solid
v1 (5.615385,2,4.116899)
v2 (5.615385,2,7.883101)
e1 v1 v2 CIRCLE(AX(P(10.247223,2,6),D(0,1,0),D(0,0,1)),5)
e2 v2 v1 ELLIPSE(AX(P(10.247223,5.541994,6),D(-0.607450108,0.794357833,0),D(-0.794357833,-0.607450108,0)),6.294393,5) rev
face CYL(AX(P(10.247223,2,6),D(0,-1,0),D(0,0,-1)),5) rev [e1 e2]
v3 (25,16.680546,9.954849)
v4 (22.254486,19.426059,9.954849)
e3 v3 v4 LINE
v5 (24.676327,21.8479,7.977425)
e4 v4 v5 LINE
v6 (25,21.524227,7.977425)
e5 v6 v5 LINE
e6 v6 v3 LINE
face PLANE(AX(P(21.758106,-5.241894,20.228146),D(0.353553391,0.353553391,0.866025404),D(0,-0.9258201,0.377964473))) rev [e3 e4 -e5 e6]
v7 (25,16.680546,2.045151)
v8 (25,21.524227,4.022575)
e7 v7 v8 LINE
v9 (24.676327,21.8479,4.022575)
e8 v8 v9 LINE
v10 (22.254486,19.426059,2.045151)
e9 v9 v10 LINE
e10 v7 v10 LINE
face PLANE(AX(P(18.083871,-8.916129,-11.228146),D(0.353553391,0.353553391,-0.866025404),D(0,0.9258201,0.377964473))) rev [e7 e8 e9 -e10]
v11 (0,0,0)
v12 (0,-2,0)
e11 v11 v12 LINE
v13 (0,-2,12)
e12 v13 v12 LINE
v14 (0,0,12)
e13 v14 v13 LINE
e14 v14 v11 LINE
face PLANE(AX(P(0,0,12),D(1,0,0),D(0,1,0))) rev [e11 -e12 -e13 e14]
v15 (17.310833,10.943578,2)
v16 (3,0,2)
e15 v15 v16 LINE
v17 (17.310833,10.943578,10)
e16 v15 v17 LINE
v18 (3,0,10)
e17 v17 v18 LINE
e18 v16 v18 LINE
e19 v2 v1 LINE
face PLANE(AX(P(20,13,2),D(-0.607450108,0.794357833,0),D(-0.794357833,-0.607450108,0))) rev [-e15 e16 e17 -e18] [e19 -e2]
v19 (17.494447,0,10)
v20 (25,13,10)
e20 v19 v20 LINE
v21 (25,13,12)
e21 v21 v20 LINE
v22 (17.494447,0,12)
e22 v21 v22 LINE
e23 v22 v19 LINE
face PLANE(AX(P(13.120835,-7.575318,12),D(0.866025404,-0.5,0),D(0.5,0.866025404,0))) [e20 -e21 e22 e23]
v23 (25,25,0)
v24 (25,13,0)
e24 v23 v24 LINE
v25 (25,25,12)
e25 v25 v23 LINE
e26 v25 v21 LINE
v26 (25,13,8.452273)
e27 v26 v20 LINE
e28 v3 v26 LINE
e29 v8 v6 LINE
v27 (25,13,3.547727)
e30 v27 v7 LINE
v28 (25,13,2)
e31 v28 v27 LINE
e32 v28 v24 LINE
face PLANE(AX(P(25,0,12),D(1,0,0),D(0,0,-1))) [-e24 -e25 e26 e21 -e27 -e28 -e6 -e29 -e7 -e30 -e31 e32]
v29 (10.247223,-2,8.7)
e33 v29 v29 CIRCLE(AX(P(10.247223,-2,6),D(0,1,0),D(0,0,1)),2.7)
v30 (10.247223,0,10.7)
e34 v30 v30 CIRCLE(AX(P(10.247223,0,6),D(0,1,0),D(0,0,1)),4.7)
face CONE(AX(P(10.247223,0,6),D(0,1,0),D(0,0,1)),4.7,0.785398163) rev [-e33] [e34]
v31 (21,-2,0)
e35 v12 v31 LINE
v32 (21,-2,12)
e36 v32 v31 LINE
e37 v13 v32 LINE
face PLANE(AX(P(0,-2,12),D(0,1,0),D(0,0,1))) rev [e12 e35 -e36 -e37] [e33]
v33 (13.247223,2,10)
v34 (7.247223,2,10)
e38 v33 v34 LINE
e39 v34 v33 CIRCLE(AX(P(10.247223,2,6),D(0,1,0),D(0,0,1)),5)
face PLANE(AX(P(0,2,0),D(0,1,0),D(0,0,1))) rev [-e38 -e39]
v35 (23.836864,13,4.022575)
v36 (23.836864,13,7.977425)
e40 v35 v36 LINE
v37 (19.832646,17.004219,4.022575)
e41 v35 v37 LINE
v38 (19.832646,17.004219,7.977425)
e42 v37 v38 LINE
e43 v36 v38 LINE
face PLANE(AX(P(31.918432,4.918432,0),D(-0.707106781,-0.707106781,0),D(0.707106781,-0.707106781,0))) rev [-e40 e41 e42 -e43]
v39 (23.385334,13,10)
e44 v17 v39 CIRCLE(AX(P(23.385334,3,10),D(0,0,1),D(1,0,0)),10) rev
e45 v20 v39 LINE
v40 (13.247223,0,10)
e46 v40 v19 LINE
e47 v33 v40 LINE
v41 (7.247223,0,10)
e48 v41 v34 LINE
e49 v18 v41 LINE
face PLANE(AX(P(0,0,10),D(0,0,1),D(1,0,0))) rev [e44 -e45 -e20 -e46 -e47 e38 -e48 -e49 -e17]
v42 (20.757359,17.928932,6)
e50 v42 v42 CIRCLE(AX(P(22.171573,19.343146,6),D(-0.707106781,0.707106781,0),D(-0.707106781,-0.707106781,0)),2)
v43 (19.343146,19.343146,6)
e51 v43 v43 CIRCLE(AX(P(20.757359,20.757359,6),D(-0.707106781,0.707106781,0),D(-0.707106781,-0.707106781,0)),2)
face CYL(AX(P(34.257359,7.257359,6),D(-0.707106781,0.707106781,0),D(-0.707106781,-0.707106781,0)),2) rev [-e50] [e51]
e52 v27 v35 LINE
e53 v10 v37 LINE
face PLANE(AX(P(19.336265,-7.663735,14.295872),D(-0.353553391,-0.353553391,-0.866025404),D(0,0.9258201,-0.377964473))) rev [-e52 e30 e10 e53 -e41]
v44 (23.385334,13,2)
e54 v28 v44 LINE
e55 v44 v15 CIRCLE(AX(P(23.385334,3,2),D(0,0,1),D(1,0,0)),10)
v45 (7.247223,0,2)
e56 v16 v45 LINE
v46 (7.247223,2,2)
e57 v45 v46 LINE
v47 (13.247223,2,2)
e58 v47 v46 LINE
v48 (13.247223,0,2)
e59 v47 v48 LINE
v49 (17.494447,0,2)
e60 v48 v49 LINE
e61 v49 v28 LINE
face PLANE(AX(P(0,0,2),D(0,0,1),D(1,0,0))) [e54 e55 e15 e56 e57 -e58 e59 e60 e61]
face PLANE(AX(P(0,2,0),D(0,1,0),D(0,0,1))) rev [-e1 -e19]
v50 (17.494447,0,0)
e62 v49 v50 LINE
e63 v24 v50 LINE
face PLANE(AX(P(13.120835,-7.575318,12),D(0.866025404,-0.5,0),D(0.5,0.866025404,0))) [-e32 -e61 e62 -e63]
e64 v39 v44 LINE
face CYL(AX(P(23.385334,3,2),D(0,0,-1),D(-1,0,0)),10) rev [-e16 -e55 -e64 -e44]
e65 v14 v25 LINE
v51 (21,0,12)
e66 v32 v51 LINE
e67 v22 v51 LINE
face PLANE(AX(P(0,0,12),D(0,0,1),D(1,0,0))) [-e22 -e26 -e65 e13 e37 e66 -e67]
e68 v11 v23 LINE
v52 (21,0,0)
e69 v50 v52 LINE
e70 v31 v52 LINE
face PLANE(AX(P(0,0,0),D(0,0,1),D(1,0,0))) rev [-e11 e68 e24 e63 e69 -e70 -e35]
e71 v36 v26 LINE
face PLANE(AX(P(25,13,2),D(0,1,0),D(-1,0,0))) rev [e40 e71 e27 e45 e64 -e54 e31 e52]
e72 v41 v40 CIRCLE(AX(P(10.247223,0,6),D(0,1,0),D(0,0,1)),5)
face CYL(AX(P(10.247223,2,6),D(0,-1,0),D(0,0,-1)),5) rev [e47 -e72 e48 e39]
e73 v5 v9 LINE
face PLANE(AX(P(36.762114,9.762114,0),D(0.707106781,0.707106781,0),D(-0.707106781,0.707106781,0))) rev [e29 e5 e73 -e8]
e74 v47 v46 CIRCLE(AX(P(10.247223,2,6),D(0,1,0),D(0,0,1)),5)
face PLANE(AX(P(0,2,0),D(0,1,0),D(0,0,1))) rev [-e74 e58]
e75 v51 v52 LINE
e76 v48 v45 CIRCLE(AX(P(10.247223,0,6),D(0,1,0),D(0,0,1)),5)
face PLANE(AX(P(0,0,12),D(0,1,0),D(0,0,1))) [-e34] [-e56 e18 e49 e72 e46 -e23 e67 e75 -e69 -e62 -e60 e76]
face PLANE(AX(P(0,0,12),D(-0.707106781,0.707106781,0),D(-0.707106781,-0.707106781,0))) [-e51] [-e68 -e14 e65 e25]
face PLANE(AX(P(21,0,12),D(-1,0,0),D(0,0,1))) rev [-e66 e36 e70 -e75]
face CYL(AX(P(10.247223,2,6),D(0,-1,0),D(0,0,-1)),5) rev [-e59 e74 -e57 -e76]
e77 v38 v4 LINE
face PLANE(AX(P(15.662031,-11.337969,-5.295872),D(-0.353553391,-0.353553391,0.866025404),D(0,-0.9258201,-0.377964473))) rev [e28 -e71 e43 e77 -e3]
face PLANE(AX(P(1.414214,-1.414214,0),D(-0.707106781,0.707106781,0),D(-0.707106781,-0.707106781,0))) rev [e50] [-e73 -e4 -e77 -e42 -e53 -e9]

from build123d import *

# Parameters (mm, degrees)
SKETCH3_W           = 21
SKETCH3_H           = 2
BOSS_EXTRUDE1_DEPTH = 12
CUT_EXTRUDE1_START  = -2
CUT_EXTRUDE1_DEPTH  = 8
CUT_EXTRUDE8_START  = -2
CUT_EXTRUDE8_DEPTH  = 36.336309405
CUT_EXTRUDE9_DEPTH  = 38.336309405
CUT_EXTRUDE11_DEPTH = 2
FILLET1_R           = 10


with BuildPart() as part:
    # Sketch3 → Boss-Extrude1 (new body)
    with BuildSketch(Plane.XY):
        with Locations((10.5, -1)):
            Rectangle(SKETCH3_W, SKETCH3_H)
        Polygon((13, 13), (0, 0), (17.494446501, 0), (25, 13), align=None)
        Polygon((25, 25), (13, 13), (25, 13), align=None)
    extrude(amount=BOSS_EXTRUDE1_DEPTH)

    # Sketch4 → Cut-Extrude1 (cut)
    with BuildSketch(Plane.XY.offset(12).offset(CUT_EXTRUDE1_START)):
        Polygon((25, 13), (20, 13), (3, 0), (17.494446501, 0), align=None)
    extrude(amount=-CUT_EXTRUDE1_DEPTH, mode=Mode.SUBTRACT)

    # Sketch7 → Cut-Extrude8 (cut, through all)
    with BuildSketch(Plane(origin=(0, 0, 0), x_dir=(0, 0, 1), z_dir=(-0.7071067811865485, 0.7071067811865466, 0)).offset(CUT_EXTRUDE8_START)):
        Polygon((6, 26.047596513), (6, 32.897596513), (4.022575328, 32.897596513), (2.045150656, 29.472596513), (4.022575328, 26.047596513), align=None)
        Polygon((7.977424672, 32.897596513), (6, 32.897596513), (6, 26.047596513), (7.977424672, 26.047596513), (9.954849344, 29.472596513), align=None)
    extrude(amount=-CUT_EXTRUDE8_DEPTH, mode=Mode.SUBTRACT)

    # Sketch8 → Cut-Extrude9 (cut, through all)
    with BuildSketch(Plane(origin=(0, 0, 0), x_dir=(0, 0, 1), z_dir=(-0.7071067811865485, 0.7071067811865466, 0))):
        with BuildLine():
            ThreePointArc((8, 29.355339059), (7.414213562, 30.769552622), (6, 31.355339059))
            Line((6, 31.355339059), (6, 27.355339059))
            ThreePointArc((6, 27.355339059), (7.414213562, 27.941125497), (8, 29.355339059))
        make_face()
        with BuildLine():
            Line((6, 27.355339059), (6, 31.355339059))
            ThreePointArc((6, 31.355339059), (4, 29.355339059), (6, 27.355339059))
        make_face()
    extrude(amount=-CUT_EXTRUDE9_DEPTH, mode=Mode.SUBTRACT)

    # Sketch9 → Cut-Extrude11 (cut)
    with BuildSketch(Plane(origin=(0, 0, 0), x_dir=(1, 0, 0), z_dir=(0, 1, 0))):
        with BuildLine():
            ThreePointArc((7.24722325, -2), (5.358620419, -4.950446591), (5.869726291, -8.416096101))
            Line((5.869726291, -8.416096101), (8.496224466, -6.96643844))
            ThreePointArc((8.496224466, -6.96643844), (9.28078481, -4.249001216), (11.998222034, -5.03356156))
            Line((11.998222034, -5.03356156), (14.62472021, -3.583903899))
            ThreePointArc((14.62472021, -3.583903899), (14.020027676, -2.718849781), (13.24722325, -2))
            Line((13.24722325, -2), (7.24722325, -2))
        make_face()
        with BuildLine():
            Line((8.496224466, -6.96643844), (5.869726291, -8.416096101))
            ThreePointArc((5.869726291, -8.416096101), (6.474418824, -9.281150219), (7.24722325, -10))
            Line((7.24722325, -10), (13.24722325, -10))
            ThreePointArc((13.24722325, -10), (14.719359205, -8.236067977), (15.24722325, -6))
            ThreePointArc((15.24722325, -6), (15.089097102, -4.752499458), (14.62472021, -3.583903899))
            Line((14.62472021, -3.583903899), (11.998222034, -5.03356156))
            ThreePointArc((11.998222034, -5.03356156), (12.183972791, -5.500999783), (12.24722325, -6))
            ThreePointArc((12.24722325, -6), (10.746223467, -7.936749541), (8.496224466, -6.96643844))
        make_face()
        with BuildLine():
            ThreePointArc((11.998222034, -5.03356156), (9.28078481, -4.249001216), (8.496224466, -6.96643844))
            Line((8.496224466, -6.96643844), (11.998222034, -5.03356156))
        make_face()
        with BuildLine():
            Line((11.998222034, -5.03356156), (8.496224466, -6.96643844))
            ThreePointArc((8.496224466, -6.96643844), (10.746223467, -7.936749541), (12.24722325, -6))
            ThreePointArc((12.24722325, -6), (12.183972791, -5.500999783), (11.998222034, -5.03356156))
        make_face()
        with BuildLine():
            ThreePointArc((13.24722325, -2), (10.24722325, -1), (7.24722325, -2))
            Line((7.24722325, -2), (13.24722325, -2))
        make_face()
        with BuildLine():
            Line((13.24722325, -10), (7.24722325, -10))
            ThreePointArc((7.24722325, -10), (10.24722325, -11), (13.24722325, -10))
        make_face()
    extrude(amount=CUT_EXTRUDE11_DEPTH, mode=Mode.SUBTRACT)

    # Sketch13 → CSK for M4 Flat Head Machine Screw1 (revolve, cut)
    with BuildSketch(Plane(origin=(10.24722325, 0, 6), x_dir=(0, 0, 1), z_dir=(1, 0, 0))):
        Polygon((0, 0), (0, 2), (2.15, 2), (2.15, 2.55), (4.7, 0), align=None)
    revolve(axis=Axis((10.24722325, 6.35, 6), (0, -1, 0)), mode=Mode.SUBTRACT)

    # Fillet1
    fillet1_edges = [part.edges().sort_by_distance(p)[0] for p in [
        (20, 13, 6),
    ]]
    fillet(fillet1_edges, radius=FILLET1_R)


solid = part.part
